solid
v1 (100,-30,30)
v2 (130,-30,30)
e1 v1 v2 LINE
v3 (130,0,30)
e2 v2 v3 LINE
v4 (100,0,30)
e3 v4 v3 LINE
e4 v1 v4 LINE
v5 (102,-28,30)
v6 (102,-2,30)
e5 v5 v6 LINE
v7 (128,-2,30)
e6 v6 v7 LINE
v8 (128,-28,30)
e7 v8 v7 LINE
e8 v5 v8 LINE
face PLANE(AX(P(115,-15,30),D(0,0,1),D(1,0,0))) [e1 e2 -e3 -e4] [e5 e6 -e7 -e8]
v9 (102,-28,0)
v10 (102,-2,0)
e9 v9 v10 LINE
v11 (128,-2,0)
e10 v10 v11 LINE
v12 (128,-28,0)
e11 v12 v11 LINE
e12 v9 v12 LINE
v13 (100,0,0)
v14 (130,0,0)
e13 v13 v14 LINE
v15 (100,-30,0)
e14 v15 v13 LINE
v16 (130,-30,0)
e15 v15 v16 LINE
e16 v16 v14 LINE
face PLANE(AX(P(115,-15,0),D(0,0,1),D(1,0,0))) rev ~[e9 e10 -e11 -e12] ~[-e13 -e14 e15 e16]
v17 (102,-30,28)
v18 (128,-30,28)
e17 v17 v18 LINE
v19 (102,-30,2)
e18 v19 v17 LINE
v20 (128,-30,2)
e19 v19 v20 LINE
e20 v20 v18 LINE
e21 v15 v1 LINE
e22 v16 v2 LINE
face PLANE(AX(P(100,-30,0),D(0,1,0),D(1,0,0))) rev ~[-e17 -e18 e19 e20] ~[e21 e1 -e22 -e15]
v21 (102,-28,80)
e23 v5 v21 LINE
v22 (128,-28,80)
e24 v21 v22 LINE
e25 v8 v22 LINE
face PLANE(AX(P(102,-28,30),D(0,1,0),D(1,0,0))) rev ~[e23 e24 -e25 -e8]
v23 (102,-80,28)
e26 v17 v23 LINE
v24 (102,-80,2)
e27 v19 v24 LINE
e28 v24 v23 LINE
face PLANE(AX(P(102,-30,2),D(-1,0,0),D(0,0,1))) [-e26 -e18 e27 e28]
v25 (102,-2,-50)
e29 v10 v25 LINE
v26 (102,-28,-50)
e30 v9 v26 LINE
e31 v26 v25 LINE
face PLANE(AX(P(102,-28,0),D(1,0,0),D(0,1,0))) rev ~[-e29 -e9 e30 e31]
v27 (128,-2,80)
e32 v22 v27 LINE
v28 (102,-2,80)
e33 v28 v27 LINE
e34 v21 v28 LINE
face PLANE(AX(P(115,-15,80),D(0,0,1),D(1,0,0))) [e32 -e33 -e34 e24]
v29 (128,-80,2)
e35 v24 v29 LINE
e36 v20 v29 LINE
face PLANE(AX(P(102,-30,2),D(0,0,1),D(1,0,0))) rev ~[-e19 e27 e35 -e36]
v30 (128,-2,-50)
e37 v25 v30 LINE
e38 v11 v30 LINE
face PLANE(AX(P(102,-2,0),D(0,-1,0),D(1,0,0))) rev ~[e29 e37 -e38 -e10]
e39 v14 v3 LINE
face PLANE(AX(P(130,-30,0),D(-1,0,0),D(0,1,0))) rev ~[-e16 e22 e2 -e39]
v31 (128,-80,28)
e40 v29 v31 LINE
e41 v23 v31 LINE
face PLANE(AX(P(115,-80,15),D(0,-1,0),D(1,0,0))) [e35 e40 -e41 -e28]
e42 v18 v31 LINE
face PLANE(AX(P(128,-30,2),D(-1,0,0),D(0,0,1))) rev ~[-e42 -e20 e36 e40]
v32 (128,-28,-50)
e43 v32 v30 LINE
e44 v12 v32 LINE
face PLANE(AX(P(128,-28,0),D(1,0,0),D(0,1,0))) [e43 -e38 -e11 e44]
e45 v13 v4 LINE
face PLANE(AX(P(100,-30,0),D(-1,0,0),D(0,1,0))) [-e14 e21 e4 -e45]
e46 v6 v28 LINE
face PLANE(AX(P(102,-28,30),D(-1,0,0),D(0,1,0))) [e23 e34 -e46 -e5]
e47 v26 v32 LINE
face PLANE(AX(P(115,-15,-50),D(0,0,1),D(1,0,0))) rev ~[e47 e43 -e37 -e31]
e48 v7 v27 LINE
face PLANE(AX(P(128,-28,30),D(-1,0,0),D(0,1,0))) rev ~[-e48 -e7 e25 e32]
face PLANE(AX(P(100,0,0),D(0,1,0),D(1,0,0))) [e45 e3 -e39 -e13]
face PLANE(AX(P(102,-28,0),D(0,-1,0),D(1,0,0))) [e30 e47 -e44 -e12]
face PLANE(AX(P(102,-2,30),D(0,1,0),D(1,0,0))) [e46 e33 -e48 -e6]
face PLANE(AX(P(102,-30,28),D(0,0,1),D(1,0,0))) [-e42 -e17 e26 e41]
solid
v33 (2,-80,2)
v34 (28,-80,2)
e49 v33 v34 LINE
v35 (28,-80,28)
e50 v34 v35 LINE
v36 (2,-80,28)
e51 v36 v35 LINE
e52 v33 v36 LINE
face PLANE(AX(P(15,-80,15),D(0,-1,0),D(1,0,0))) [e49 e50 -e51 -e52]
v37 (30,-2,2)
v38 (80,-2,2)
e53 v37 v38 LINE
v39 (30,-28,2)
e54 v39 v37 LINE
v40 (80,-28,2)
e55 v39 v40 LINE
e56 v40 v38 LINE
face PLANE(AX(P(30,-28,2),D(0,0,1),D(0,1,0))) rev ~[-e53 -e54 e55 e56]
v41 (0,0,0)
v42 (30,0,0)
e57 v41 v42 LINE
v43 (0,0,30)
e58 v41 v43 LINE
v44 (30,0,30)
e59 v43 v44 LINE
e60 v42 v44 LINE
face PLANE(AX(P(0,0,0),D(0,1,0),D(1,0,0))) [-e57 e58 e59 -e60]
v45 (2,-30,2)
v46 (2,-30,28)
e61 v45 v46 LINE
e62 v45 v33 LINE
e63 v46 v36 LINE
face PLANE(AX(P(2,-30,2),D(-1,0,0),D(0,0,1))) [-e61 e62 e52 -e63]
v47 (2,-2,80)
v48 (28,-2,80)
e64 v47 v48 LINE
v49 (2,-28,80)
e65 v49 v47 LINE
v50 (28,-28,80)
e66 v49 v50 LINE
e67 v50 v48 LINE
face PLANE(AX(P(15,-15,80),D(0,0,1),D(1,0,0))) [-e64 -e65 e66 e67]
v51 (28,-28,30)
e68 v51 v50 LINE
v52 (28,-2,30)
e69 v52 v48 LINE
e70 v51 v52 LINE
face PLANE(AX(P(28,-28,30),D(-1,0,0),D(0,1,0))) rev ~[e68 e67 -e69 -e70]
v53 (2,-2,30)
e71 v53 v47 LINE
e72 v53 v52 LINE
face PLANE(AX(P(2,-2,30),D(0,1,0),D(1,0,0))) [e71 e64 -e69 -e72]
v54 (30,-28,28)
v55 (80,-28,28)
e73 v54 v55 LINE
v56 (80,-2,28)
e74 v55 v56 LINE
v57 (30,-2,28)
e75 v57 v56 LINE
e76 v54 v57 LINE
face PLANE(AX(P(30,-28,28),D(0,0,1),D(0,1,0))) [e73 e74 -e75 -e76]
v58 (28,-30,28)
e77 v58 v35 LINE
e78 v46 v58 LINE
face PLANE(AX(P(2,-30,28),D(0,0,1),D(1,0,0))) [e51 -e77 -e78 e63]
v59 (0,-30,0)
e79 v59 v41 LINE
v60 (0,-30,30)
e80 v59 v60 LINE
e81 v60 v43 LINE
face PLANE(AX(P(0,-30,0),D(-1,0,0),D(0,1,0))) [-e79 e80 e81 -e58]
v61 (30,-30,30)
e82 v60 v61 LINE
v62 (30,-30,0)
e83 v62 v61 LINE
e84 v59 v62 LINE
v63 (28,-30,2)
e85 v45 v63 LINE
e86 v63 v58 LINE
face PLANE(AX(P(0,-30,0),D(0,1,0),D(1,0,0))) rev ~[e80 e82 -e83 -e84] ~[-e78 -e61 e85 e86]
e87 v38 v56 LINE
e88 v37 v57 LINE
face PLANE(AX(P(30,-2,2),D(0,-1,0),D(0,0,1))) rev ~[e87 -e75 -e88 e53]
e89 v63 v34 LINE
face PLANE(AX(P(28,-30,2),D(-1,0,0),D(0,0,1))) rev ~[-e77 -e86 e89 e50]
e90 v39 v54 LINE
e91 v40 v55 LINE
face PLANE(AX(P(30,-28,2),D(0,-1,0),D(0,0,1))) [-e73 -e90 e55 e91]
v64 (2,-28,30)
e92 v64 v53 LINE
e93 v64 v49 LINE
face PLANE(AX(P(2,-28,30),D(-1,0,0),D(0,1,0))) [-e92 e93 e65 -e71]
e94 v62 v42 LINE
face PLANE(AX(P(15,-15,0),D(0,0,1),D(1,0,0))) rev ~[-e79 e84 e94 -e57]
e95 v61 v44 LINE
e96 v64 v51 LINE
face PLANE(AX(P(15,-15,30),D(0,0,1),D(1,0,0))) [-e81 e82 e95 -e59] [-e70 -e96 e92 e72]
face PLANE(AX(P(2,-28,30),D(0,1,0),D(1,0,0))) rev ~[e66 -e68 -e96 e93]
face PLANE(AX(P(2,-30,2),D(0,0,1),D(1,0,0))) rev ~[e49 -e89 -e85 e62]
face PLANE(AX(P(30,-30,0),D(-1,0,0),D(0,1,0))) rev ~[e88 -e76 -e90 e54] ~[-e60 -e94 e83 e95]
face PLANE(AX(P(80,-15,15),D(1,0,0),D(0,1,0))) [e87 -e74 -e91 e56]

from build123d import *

# Parameters (mm, degrees)
F2_W      = 30
F2_H      = 30
F3_DEPTH  = 30
F4_W      = 26
F4_H      = 26
F5_DEPTH  = 50
F6_W      = 26
F6_H      = 26
F7_DEPTH  = 50
F8_W      = 26
F8_H      = 26
F9_DEPTH  = 50
F2_W_2    = 26
F2_H_2    = 26
F10_DEPTH = 30
F11_W     = 26
F11_H     = 26
F12_DEPTH = 50
F13_W     = 26
F13_H     = 26
F14_DEPTH = 50
F15_DEPTH = 50


with BuildPart() as f3:
    # F2 (on Top) → F3 (new body)
    with BuildSketch(Plane.XY):
        with Locations((15, -15)):
            Rectangle(F2_W, F2_H)
    extrude(amount=F3_DEPTH)

    # F4 (on face) → F5 (join)
    with BuildSketch(Plane.XZ.offset(30)):
        with Locations((15, 15)):
            Rectangle(F4_W, F4_H)
    extrude(amount=F5_DEPTH)

    # F6 (on face) → F7 (join)
    with BuildSketch(Plane.YZ.offset(30)):
        with Locations((-15, 15)):
            Rectangle(F6_W, F6_H)
    extrude(amount=F7_DEPTH)

    # F8 (on face) → F9 (join)
    with BuildSketch(Plane.XY.offset(30)):
        with Locations((15, -15)):
            Rectangle(F8_W, F8_H)
    extrude(amount=F9_DEPTH)


with BuildPart() as f10:
    # F2 (on Top) → F10 (new body)
    with BuildSketch(Plane.XY):
        with Locations((115, -15)):
            Rectangle(F2_W, F2_H)
        with Locations((115, -15)):
            Rectangle(F2_W_2, F2_H_2, mode=Mode.SUBTRACT)
        with Locations((115, -15)):
            Rectangle(F2_W_2, F2_H_2)
    extrude(amount=F10_DEPTH)

    # F11 (on face) → F12 (join)
    with BuildSketch(Plane.XY.offset(30)):
        with Locations((115, -15)):
            Rectangle(F11_W, F11_H)
    extrude(amount=F12_DEPTH)

    # F13 (on face) → F14 (join)
    with BuildSketch(Plane.XZ.offset(30)):
        with Locations((115, 15)):
            Rectangle(F13_W, F13_H)
    extrude(amount=F14_DEPTH)

    # F2 (on Top) → F15 (join)
    with BuildSketch(Plane.XY):
        with Locations((115, -15)):
            Rectangle(F2_W_2, F2_H_2)
    extrude(amount=-F15_DEPTH)


solid = Compound([f3.part, f10.part])
